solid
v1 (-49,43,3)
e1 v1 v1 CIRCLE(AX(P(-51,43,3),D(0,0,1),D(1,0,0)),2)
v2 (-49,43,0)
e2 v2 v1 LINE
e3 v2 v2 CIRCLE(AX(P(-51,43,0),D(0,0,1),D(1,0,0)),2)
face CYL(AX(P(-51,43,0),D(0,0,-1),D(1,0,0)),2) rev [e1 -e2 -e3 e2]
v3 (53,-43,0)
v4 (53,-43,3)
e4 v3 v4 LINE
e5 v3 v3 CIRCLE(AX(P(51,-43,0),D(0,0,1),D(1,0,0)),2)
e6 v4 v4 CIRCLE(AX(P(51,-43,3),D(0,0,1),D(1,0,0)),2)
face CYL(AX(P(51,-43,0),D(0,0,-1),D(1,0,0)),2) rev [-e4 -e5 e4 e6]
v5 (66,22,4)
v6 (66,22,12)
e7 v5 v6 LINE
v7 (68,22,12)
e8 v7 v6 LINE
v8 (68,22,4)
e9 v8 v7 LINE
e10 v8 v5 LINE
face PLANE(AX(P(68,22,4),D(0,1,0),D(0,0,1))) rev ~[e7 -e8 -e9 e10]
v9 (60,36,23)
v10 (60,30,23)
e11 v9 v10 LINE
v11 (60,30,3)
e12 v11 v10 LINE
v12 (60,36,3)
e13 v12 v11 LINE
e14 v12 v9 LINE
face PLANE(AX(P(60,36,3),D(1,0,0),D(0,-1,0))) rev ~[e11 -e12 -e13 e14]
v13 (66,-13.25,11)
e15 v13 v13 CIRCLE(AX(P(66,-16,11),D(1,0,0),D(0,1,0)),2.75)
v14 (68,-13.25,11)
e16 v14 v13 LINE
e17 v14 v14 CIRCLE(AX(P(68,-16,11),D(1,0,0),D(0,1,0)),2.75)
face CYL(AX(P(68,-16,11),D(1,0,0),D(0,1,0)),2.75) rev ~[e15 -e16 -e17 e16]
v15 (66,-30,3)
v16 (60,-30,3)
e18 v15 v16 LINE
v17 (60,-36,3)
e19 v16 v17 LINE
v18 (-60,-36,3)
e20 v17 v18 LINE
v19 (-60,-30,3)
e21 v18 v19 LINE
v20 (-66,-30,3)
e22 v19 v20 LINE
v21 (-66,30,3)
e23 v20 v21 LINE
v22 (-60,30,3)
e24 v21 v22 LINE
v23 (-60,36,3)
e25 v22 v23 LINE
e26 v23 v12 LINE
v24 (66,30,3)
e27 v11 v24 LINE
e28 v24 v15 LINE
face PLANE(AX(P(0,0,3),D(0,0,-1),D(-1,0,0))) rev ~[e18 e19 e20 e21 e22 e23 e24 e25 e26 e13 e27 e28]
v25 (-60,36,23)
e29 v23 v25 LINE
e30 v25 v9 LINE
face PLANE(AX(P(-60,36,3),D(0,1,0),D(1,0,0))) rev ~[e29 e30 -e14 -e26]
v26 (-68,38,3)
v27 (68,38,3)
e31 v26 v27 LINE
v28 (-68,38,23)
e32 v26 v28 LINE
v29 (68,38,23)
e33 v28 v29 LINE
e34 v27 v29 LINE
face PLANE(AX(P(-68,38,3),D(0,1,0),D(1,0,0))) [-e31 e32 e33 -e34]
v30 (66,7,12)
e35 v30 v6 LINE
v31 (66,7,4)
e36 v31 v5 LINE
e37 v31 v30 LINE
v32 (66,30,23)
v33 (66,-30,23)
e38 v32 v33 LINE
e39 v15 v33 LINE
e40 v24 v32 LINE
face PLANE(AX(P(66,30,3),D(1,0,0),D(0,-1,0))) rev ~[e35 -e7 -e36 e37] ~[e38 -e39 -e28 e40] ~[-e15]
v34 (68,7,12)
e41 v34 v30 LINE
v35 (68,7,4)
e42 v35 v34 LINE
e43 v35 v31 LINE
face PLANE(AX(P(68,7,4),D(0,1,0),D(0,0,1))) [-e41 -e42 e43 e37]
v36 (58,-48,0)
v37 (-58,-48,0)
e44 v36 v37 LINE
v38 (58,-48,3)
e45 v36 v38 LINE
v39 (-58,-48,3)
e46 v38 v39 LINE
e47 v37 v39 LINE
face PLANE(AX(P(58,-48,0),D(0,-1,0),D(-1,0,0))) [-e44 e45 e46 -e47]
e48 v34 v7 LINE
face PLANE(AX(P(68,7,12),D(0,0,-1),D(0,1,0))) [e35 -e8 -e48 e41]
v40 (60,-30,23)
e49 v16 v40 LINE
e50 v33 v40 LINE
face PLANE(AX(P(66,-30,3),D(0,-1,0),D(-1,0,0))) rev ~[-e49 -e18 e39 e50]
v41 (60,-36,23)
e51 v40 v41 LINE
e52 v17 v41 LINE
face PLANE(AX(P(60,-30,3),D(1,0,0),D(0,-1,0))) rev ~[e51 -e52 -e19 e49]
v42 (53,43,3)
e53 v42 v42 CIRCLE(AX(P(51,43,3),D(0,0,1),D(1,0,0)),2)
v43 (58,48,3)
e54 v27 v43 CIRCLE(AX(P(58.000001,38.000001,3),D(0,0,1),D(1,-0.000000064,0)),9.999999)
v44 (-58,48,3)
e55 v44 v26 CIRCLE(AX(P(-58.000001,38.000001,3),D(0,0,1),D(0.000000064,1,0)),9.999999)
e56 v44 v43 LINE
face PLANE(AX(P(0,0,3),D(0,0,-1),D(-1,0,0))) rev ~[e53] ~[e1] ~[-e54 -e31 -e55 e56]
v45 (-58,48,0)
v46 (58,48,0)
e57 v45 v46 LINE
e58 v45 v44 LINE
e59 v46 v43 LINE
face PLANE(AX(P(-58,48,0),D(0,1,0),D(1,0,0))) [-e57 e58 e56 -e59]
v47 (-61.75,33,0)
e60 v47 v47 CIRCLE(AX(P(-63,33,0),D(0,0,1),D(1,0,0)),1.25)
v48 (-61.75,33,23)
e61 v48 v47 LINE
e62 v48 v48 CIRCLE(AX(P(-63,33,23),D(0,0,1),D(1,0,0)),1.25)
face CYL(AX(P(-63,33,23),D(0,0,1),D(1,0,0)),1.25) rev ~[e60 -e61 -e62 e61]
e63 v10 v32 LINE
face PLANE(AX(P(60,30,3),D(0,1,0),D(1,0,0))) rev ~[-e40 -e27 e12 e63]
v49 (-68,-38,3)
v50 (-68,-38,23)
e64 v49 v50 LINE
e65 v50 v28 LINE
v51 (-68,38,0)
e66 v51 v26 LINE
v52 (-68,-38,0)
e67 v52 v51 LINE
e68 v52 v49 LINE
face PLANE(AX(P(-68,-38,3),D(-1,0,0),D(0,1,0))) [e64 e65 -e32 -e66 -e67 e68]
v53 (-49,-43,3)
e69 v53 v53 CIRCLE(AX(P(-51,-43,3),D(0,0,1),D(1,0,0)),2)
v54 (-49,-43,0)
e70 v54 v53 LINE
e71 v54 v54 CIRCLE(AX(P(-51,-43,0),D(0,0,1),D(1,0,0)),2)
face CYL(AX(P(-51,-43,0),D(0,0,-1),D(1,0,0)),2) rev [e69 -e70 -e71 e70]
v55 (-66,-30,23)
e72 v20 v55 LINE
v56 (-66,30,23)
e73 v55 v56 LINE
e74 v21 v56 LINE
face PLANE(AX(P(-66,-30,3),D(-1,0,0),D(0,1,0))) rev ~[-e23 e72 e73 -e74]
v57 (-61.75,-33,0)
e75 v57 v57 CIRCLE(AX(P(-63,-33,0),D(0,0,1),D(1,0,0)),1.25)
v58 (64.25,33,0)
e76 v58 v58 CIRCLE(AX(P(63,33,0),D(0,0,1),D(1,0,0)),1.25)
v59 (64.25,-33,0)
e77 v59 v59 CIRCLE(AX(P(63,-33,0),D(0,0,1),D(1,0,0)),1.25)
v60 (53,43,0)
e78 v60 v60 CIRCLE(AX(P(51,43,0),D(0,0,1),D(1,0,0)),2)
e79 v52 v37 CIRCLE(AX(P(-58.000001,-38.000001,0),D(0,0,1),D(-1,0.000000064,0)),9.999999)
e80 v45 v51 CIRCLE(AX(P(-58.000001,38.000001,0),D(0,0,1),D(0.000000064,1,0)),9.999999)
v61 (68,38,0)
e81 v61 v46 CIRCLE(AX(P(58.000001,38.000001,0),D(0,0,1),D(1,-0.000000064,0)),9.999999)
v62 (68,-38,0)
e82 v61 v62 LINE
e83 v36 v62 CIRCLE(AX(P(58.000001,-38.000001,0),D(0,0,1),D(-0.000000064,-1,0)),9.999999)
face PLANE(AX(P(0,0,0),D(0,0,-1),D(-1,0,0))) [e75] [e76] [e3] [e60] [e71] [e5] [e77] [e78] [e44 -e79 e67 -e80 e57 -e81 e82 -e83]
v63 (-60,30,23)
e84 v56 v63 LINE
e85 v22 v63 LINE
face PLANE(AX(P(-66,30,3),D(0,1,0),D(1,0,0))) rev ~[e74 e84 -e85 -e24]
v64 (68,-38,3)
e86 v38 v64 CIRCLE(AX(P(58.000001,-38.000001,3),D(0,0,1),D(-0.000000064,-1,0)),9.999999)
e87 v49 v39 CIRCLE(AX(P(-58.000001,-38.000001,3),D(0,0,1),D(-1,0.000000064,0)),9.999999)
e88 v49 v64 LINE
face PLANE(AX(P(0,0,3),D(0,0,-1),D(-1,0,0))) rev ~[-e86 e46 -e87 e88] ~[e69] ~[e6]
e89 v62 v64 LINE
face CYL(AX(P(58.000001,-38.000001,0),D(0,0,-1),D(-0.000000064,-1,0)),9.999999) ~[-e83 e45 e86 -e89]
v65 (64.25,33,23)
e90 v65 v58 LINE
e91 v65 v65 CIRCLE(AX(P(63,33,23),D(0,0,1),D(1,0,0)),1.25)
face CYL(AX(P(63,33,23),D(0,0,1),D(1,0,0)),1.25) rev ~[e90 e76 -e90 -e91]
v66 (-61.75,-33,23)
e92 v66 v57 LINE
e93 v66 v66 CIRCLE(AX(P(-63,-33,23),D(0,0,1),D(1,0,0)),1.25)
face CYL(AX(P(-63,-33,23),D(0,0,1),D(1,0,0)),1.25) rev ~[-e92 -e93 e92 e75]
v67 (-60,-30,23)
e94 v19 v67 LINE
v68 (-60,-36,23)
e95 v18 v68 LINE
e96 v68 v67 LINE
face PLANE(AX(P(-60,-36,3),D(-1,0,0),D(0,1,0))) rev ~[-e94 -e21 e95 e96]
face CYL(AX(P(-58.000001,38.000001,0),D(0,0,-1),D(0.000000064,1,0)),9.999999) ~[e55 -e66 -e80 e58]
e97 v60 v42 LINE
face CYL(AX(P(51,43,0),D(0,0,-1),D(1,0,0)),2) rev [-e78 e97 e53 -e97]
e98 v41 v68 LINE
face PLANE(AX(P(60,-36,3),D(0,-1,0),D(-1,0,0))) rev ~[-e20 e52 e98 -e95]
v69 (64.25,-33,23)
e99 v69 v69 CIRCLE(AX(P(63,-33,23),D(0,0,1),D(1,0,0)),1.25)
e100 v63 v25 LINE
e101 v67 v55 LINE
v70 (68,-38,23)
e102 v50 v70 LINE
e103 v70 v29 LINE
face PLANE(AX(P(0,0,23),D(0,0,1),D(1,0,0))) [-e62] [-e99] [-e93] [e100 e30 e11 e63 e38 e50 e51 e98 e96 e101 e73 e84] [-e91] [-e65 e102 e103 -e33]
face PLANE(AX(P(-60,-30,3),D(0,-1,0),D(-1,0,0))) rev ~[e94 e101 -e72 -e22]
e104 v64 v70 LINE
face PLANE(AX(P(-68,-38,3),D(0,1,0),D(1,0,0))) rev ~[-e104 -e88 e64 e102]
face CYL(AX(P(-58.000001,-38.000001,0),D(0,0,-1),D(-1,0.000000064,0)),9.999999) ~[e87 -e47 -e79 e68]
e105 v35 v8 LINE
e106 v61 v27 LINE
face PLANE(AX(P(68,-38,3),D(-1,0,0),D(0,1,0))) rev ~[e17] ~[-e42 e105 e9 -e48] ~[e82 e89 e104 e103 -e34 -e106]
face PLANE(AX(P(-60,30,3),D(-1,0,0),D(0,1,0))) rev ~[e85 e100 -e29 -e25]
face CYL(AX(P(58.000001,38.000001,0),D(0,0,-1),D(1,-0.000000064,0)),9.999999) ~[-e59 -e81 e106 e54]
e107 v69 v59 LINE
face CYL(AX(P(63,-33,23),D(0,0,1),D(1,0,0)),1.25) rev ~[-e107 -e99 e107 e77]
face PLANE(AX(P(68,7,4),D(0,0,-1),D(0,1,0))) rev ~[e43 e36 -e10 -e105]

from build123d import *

# Parameters (mm, degrees)
SKETCH_R        = 2
PAD_DEPTH       = 3
SKETCH001_W     = 136
SKETCH001_H     = 76
PAD001_DEPTH    = 20
SKETCH002_R     = 1.25
POCKET_DEPTH    = 23
SKETCH003_R     = 2.75
SKETCH003_W     = 15
SKETCH003_H     = 8
POCKET001_DEPTH = 5


with BuildPart() as part:
    # Sketch → Pad (new body)
    with BuildSketch(Plane.XY):
        with BuildLine():
            Line((-58, 48), (58, 48))
            ThreePointArc((68, 38), (65.071068, 45.071068), (58, 48))
            Line((68, 38), (68, -38))
            ThreePointArc((58, -48), (65.071068, -45.071068), (68, -38))
            Line((58, -48), (-58, -48))
            ThreePointArc((-68, -38), (-65.071068, -45.071068), (-58, -48))
            Line((-68, -38), (-68, 38))
            ThreePointArc((-58, 48), (-65.071068, 45.071068), (-68, 38))
        make_face()
        with Locations((-51, 43)):
            Circle(SKETCH_R, mode=Mode.SUBTRACT)
        with Locations((51, 43)):
            Circle(SKETCH_R, mode=Mode.SUBTRACT)
        with Locations((-51, -43)):
            Circle(SKETCH_R, mode=Mode.SUBTRACT)
        with Locations((51, -43)):
            Circle(SKETCH_R, mode=Mode.SUBTRACT)
    extrude(amount=PAD_DEPTH)

    # Sketch001 (on Face14 of Pad) → Pad001 (join)
    with BuildSketch(Plane.XY.offset(3)):
        Rectangle(SKETCH001_W, SKETCH001_H)
        Polygon((-60, 36), (60, 36), (60, 30), (66, 30), (66, -30), (60, -30), (60, -36), (-60, -36), (-60, -30), (-66, -30), (-66, 30), (-60, 30), align=None, mode=Mode.SUBTRACT)
    extrude(amount=PAD001_DEPTH)

    # Sketch002 → Pocket (cut)
    with BuildSketch(Plane.XY.offset(23)):
        with Locations((63, -33)):
            Circle(SKETCH002_R)
        with Locations((-63, -33)):
            Circle(SKETCH002_R)
        with Locations((-63, 33)):
            Circle(SKETCH002_R)
        with Locations((63, 33)):
            Circle(SKETCH002_R)
    extrude(amount=-POCKET_DEPTH, mode=Mode.SUBTRACT)

    # Sketch003 (on Face24 of Pocket) → Pocket001 (cut)
    with BuildSketch(Plane.YZ.offset(68)):
        with Locations((-16, 11)):
            Circle(SKETCH003_R)
        with Locations((14.5, 8)):
            Rectangle(SKETCH003_W, SKETCH003_H)
    extrude(amount=-POCKET001_DEPTH, mode=Mode.SUBTRACT)


solid = part.part
